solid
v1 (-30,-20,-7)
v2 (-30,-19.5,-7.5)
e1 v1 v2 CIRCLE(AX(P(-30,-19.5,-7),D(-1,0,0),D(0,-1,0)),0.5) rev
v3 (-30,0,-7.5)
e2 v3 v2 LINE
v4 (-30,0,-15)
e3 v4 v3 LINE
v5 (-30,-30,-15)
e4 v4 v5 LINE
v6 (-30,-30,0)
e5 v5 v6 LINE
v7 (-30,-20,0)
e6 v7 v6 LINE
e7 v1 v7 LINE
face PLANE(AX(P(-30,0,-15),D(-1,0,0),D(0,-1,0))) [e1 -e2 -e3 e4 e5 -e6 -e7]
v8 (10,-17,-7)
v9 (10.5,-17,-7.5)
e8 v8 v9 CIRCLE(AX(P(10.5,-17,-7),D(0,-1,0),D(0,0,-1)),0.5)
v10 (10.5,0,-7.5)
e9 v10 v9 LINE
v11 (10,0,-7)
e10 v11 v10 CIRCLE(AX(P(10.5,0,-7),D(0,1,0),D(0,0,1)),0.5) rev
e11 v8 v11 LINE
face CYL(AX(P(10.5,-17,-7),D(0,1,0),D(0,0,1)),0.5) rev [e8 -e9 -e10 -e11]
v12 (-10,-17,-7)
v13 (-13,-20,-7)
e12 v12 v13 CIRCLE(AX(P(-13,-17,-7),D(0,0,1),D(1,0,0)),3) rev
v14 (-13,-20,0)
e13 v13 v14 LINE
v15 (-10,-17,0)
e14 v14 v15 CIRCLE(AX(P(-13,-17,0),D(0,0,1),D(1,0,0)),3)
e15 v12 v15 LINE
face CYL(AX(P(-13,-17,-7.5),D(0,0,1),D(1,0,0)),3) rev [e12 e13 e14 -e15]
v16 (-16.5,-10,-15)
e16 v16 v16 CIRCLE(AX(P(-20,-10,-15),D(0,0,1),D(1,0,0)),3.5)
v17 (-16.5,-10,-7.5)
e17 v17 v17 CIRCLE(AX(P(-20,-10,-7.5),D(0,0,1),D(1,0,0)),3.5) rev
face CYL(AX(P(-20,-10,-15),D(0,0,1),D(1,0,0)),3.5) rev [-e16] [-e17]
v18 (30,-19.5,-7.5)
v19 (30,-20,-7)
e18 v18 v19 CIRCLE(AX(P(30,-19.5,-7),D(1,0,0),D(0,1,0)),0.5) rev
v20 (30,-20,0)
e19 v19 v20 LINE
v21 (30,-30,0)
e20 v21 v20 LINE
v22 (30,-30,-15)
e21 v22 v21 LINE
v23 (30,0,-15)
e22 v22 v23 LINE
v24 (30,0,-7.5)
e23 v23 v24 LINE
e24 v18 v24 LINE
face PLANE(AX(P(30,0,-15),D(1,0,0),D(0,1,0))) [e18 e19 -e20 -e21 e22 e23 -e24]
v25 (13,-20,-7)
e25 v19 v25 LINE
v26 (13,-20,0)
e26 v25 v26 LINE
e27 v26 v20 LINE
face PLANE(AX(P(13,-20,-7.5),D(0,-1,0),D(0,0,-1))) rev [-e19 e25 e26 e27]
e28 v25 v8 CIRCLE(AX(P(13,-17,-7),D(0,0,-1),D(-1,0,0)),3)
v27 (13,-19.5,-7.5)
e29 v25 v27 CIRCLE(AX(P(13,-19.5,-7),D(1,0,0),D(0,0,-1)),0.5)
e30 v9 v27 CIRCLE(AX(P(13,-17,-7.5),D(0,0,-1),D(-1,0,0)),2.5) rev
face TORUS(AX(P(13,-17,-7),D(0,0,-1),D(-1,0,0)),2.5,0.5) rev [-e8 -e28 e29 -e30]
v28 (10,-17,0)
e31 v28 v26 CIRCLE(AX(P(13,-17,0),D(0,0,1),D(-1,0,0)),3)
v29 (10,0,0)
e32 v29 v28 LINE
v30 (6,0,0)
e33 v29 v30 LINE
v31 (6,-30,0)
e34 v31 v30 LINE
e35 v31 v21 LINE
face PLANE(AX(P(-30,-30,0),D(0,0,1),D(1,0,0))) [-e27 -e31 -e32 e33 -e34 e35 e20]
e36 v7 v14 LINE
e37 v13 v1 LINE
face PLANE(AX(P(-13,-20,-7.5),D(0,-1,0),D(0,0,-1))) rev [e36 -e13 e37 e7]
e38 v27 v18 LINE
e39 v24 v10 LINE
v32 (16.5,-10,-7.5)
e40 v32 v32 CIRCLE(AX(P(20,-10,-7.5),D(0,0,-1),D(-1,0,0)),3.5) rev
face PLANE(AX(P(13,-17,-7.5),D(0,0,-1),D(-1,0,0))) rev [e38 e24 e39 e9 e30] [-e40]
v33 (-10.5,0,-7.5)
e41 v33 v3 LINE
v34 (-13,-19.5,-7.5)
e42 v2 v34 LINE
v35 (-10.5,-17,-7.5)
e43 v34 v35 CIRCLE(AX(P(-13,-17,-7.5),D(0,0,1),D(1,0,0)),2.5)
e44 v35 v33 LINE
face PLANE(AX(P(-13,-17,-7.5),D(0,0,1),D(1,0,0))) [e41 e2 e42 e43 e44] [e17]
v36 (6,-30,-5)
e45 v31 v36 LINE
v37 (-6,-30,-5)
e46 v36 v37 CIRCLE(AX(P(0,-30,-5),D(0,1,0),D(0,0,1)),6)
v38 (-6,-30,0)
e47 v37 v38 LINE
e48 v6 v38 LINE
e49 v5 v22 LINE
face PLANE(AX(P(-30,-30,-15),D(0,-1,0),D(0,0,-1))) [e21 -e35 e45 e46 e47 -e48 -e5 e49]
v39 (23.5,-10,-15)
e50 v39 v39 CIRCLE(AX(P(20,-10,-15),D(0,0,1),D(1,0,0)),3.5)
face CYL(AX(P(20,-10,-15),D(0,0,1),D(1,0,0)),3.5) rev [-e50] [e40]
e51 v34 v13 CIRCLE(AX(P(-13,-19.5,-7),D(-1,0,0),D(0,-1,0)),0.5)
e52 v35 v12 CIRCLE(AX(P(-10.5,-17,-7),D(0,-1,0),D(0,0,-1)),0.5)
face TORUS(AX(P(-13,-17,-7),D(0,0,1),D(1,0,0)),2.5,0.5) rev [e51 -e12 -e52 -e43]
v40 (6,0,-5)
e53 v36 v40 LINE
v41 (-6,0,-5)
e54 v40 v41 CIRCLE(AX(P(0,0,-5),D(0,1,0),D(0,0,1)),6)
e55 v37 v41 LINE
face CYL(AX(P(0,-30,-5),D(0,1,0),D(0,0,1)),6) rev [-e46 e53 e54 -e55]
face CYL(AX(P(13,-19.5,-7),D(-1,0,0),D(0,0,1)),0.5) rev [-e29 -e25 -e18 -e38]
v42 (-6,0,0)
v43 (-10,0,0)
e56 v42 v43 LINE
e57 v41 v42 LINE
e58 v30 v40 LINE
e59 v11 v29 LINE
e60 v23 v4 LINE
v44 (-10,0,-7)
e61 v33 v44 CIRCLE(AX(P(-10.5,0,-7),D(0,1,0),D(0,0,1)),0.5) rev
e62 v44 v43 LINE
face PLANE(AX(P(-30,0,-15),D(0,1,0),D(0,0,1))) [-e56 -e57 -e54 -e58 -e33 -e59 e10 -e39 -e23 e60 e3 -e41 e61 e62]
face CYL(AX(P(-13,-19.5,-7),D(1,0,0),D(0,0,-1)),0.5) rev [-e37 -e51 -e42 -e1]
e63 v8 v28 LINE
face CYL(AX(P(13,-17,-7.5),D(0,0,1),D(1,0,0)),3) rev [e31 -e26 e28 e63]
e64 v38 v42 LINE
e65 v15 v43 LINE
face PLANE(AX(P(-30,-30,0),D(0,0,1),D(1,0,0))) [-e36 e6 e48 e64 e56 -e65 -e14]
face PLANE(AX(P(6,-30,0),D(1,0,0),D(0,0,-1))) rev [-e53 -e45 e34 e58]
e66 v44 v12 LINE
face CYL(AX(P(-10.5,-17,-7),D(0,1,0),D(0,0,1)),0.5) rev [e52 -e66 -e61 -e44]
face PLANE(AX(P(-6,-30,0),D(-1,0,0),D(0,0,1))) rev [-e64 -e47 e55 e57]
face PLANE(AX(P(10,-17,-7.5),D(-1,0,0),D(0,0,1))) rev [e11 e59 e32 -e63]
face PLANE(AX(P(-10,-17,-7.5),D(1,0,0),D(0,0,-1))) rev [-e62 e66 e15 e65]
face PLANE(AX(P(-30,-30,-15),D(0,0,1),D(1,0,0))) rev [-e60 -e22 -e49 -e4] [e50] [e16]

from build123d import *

# Parameters (mm, degrees)
SKETCH1_W      = 60
SKETCH1_H      = 30
SKETCH1_R      = 3.5
EXTRUDE1_DEPTH = 15
EXTRUDE2_DEPTH = 7.5
EXTRUDE3_DEPTH = 31
FILLET1_R      = 0.5


with BuildPart() as part:
    # Sketch1 → Extrude1 (new body)
    with BuildSketch(Plane.XY):
        with Locations((0, -15)):
            Rectangle(SKETCH1_W, SKETCH1_H)
        with Locations((20, -10)):
            Circle(SKETCH1_R, mode=Mode.SUBTRACT)
        with Locations((-20, -10)):
            Circle(SKETCH1_R, mode=Mode.SUBTRACT)
    extrude(amount=-EXTRUDE1_DEPTH)

    # Sketch2 → Extrude2 (cut)
    with BuildSketch(Plane.XY):
        with BuildLine():
            Line((13, -20), (30, -20))
            Line((30, -20), (30, 0))
            Line((30, 0), (10, 0))
            Line((10, 0), (10, -17))
            ThreePointArc((10, -17), (10.878679656, -19.121320344), (13, -20))
        make_face()
        with BuildLine():
            Line((-30, -20), (-30, 0))
            Line((-30, 0), (-10, 0))
            Line((-10, 0), (-10, -17))
            ThreePointArc((-10, -17), (-10.878679656, -19.121320344), (-13, -20))
            Line((-13, -20), (-30, -20))
        make_face()
    extrude(amount=-EXTRUDE2_DEPTH, mode=Mode.SUBTRACT)

    # Sketch3 → Extrude3 (cut, through all)
    with BuildSketch(Plane(origin=(0, 0, 0), x_dir=(1, 0, 0), z_dir=(0, 1, 0))):
        with BuildLine():
            Line((6, 0), (6, 5))
            ThreePointArc((6, 5), (0, 11), (-6, 5))
            Line((-6, 5), (-6, 0))
            Line((-6, 0), (6, 0))
        make_face()
    extrude(amount=-EXTRUDE3_DEPTH, mode=Mode.SUBTRACT)

    # Fillet1
    fillet1_edges = [part.edges().sort_by_distance(p)[0] for p in [
        (21.5, -20, -7.5),
        (10.878679656, -19.121320344, -7.5),
        (10, -8.5, -7.5),
        (-10.878679656, -19.121320344, -7.5),
        (-21.5, -20, -7.5),
        (-10, -8.5, -7.5),
    ]]
    fillet(fillet1_edges, radius=FILLET1_R)


solid = part.part
